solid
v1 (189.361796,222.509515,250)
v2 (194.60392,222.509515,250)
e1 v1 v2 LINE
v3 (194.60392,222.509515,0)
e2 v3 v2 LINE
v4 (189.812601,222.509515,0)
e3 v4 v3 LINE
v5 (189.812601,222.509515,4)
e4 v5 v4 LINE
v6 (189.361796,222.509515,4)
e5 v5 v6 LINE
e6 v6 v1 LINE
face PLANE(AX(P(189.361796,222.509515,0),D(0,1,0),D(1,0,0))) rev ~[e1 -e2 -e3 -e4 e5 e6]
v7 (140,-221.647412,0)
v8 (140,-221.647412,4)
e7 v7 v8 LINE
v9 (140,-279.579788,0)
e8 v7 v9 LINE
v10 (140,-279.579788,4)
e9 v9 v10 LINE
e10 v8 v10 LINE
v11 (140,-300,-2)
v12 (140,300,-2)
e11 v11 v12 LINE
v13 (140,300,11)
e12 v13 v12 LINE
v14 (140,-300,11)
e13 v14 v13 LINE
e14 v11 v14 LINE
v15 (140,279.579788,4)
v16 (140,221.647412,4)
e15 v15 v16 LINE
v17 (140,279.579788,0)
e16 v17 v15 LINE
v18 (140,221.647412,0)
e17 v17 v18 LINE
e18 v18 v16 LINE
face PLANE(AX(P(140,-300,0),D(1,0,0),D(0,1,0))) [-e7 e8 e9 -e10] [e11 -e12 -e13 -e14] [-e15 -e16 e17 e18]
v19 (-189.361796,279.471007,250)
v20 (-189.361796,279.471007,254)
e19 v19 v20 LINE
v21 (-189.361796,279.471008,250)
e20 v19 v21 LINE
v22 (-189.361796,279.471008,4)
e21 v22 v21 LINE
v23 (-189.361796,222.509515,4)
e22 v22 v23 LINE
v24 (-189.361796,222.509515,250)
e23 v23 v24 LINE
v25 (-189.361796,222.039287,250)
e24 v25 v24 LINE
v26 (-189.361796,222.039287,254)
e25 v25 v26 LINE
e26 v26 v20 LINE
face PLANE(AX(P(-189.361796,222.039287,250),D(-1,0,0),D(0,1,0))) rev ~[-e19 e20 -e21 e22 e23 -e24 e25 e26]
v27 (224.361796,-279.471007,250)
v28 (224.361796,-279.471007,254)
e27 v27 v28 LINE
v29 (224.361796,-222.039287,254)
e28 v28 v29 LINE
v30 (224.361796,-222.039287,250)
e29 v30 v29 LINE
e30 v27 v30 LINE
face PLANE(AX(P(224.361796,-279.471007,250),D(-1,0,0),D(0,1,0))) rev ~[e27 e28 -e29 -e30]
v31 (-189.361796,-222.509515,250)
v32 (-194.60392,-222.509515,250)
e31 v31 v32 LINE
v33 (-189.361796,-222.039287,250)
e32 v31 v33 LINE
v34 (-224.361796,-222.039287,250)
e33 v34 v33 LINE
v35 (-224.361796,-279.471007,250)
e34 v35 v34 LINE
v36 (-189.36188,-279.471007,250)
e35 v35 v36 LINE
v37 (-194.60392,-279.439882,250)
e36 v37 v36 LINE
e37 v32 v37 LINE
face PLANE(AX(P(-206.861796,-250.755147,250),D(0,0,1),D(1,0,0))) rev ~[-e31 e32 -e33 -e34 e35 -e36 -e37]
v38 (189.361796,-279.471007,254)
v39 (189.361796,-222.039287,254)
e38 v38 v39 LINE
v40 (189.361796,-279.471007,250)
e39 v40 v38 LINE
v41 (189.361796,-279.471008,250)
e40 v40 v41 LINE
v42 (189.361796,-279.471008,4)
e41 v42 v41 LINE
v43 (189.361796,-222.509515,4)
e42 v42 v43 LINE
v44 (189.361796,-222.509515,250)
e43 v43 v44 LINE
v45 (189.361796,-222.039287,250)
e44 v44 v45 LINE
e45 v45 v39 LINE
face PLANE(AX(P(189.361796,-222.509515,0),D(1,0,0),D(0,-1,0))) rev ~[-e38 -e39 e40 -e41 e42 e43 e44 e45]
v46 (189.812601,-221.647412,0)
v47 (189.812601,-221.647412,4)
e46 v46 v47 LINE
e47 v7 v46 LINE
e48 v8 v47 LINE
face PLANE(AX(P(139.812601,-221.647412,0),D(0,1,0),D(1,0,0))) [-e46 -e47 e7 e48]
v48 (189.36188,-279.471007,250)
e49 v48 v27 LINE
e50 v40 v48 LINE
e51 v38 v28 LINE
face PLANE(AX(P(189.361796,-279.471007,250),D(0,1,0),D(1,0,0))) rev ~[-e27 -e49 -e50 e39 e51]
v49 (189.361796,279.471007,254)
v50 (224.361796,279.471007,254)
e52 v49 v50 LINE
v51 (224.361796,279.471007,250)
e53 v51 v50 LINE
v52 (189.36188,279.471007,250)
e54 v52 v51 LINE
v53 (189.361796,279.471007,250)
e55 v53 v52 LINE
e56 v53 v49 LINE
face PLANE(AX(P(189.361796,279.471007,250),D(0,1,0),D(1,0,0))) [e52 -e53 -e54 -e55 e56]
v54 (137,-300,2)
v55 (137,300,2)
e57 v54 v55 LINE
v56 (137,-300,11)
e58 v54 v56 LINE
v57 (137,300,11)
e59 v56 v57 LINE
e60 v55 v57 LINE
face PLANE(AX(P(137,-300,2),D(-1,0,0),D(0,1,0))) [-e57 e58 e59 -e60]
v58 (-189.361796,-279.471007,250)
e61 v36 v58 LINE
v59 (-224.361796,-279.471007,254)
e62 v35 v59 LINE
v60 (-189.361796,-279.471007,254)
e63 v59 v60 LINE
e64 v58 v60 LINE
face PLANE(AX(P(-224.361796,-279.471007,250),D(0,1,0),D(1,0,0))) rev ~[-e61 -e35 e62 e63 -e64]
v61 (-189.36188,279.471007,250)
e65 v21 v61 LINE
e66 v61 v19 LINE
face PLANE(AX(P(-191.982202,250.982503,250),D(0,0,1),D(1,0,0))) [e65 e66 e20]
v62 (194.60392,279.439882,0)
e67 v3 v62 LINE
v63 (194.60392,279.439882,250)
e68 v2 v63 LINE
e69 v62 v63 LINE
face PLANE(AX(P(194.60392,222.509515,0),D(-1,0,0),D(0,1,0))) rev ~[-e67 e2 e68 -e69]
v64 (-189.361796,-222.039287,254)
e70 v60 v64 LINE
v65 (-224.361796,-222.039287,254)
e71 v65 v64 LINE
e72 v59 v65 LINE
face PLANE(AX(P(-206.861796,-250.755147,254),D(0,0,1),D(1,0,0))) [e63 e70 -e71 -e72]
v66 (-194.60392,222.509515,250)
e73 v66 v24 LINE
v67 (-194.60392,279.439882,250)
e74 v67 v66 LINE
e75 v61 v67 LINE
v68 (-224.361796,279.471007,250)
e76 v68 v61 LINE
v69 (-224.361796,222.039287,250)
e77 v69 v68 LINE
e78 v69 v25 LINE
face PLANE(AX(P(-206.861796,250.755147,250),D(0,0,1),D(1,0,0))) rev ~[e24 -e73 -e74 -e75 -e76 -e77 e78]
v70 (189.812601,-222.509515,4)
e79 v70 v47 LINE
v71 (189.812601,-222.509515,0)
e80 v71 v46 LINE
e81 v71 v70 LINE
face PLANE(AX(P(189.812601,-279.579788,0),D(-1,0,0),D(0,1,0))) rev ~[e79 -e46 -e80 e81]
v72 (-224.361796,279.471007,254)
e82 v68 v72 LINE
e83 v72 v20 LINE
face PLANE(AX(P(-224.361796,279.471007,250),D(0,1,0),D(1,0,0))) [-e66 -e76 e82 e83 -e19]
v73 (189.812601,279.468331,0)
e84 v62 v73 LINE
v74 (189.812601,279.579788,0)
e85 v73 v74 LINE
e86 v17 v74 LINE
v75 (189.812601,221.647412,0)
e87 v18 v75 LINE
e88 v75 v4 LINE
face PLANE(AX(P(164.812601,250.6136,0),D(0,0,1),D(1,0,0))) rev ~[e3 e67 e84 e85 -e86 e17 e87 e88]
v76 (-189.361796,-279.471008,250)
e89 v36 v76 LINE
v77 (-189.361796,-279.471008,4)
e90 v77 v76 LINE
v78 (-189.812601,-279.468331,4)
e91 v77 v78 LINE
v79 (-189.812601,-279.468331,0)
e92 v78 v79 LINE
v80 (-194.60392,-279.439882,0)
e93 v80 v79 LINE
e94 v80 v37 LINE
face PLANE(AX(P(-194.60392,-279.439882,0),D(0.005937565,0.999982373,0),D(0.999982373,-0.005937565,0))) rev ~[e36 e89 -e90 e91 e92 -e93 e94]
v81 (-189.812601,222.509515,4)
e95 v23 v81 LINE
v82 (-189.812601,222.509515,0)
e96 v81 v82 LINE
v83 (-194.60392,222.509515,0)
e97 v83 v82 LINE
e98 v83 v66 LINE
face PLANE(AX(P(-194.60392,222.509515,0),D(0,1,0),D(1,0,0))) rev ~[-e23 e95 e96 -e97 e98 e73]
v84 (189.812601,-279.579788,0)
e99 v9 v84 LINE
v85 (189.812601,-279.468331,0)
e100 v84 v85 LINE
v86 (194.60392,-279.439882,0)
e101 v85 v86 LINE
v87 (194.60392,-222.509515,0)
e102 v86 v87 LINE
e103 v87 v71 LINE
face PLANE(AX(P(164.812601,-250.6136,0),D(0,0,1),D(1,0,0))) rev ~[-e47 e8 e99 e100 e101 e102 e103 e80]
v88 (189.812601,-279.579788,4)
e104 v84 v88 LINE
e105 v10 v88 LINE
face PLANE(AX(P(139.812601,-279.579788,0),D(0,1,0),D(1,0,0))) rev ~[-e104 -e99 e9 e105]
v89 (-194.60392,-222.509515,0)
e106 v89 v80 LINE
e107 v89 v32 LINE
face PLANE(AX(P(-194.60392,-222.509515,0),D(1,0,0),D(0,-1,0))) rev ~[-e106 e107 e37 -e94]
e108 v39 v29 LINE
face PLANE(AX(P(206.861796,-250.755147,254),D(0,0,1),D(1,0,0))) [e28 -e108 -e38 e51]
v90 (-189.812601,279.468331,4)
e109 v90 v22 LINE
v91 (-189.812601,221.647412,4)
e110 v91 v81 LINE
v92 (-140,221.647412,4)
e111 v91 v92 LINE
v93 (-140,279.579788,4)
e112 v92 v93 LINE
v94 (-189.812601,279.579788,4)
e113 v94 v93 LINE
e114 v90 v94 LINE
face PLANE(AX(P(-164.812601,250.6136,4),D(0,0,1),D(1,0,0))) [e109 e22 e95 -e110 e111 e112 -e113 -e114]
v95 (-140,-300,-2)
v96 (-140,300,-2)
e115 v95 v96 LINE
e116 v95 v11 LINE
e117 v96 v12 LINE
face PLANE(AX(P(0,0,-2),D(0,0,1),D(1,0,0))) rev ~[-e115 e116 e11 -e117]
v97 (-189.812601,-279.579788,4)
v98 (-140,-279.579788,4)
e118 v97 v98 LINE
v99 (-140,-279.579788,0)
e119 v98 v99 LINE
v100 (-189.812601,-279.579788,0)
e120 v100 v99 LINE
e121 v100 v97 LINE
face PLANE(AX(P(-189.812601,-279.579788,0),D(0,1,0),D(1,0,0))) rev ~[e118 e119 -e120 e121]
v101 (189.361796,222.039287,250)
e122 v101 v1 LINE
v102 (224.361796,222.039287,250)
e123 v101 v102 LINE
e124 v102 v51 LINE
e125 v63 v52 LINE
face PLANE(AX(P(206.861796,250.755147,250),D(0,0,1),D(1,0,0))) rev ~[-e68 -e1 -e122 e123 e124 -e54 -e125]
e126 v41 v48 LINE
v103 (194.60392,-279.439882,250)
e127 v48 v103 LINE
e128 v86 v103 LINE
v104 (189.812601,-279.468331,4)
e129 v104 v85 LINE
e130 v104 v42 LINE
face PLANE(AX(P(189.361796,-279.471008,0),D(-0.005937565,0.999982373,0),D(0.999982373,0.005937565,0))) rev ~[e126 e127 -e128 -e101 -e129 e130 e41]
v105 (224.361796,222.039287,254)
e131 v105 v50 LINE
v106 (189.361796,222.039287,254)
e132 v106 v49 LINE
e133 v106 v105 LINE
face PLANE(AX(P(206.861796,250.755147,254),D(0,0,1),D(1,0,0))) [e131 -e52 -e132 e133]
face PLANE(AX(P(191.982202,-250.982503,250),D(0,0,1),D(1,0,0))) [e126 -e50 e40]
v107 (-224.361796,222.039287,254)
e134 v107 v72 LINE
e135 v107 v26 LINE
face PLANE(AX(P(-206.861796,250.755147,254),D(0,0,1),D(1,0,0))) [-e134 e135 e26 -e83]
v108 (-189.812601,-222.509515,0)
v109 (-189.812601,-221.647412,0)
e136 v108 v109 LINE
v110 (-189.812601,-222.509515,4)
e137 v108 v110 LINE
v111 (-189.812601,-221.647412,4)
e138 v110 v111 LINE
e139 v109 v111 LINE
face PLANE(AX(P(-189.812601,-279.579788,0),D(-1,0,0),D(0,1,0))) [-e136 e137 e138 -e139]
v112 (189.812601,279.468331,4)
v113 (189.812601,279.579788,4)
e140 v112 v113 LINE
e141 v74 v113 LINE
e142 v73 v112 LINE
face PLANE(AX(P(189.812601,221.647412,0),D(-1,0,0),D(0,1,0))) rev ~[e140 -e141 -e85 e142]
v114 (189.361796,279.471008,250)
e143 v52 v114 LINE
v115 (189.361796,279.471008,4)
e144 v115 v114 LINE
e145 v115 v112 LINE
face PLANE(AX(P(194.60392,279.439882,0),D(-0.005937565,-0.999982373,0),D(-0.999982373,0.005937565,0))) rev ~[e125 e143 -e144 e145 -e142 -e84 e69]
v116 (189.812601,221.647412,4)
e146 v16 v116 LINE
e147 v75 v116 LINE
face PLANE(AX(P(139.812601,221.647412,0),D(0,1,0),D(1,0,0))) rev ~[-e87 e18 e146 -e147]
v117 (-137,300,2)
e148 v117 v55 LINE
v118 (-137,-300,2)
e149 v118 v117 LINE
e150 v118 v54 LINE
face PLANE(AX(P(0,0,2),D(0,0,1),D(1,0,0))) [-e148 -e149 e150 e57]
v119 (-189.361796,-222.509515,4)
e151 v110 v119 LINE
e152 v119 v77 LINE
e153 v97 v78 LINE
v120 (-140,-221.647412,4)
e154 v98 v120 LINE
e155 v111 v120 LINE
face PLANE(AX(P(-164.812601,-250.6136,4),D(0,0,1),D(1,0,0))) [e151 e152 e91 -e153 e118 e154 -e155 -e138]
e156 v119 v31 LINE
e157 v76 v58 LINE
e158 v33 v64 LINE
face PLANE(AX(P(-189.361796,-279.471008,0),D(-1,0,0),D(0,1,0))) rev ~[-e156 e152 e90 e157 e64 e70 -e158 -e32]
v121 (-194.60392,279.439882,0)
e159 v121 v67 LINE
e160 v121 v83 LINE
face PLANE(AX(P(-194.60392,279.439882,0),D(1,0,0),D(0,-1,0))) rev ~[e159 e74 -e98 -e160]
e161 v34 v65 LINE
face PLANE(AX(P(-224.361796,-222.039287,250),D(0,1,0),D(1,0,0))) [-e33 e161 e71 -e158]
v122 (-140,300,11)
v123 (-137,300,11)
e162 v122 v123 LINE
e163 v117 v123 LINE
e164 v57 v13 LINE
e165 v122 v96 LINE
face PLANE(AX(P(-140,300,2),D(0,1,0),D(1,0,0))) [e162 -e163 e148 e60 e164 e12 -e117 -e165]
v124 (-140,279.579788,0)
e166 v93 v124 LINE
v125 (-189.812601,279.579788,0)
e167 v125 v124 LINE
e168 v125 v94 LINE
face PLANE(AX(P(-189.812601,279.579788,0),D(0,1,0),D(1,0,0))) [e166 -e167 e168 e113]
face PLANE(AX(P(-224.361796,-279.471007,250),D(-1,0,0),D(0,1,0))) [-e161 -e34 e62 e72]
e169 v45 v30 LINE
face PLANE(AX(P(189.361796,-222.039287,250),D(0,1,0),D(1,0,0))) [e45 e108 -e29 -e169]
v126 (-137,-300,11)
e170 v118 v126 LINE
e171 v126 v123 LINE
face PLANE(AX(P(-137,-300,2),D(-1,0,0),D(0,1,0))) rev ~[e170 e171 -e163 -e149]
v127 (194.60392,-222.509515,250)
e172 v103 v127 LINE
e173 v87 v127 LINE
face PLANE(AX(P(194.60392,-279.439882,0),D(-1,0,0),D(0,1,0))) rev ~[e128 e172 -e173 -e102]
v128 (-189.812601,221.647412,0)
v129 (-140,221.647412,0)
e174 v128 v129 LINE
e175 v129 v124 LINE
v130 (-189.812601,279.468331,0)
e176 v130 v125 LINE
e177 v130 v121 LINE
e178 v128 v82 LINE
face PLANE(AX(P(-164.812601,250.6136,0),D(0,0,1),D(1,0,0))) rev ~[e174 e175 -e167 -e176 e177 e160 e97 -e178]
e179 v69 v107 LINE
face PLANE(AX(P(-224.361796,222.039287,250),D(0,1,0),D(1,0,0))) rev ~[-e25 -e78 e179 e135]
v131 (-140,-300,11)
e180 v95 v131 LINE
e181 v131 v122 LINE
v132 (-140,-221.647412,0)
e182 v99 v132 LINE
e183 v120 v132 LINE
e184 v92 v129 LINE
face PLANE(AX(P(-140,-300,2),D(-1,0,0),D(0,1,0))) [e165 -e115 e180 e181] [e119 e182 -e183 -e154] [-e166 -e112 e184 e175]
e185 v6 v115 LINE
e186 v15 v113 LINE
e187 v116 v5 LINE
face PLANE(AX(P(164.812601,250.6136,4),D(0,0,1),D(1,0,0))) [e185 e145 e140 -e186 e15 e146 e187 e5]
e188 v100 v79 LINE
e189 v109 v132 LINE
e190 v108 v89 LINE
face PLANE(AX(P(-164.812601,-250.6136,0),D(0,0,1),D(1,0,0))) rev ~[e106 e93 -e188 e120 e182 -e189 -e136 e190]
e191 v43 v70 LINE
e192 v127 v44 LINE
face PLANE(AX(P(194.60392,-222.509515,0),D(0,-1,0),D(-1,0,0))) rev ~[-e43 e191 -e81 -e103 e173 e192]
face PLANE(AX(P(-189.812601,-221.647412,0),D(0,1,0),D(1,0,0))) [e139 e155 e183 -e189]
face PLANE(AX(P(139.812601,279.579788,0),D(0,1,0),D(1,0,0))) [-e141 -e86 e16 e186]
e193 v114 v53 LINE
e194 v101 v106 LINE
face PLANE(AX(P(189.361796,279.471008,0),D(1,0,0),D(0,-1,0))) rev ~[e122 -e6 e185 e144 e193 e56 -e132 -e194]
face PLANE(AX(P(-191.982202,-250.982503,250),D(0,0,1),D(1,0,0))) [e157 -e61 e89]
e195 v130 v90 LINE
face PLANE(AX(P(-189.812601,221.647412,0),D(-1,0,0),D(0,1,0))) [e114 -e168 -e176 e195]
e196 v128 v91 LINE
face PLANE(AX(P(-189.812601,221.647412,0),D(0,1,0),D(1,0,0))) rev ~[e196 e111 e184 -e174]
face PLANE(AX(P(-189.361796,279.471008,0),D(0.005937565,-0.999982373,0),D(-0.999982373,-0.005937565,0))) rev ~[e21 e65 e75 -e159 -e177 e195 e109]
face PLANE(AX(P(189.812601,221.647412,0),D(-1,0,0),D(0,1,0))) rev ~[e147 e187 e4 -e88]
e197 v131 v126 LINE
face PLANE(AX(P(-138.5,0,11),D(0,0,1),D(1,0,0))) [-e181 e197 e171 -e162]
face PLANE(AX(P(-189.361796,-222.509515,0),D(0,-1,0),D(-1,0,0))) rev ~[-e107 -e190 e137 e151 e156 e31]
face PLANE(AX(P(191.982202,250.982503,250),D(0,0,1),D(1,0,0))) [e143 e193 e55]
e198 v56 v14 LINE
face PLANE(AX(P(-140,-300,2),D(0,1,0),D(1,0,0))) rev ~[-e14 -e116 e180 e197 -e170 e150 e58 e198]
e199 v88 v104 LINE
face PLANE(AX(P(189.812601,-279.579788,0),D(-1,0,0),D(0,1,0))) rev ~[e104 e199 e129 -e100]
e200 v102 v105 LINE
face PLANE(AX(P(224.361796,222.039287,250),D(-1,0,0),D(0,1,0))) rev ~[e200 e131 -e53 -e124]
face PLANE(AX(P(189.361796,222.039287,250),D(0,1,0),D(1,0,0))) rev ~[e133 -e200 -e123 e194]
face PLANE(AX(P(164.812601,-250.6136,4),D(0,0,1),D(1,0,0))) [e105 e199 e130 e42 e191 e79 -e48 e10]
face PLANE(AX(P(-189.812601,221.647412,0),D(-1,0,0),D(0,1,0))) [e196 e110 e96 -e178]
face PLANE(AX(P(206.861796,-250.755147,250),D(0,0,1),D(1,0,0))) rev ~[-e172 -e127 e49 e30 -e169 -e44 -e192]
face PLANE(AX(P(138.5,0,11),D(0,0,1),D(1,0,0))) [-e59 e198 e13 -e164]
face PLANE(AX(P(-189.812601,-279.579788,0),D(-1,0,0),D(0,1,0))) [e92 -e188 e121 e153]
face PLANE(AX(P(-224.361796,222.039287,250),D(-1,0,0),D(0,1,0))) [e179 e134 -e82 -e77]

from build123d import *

# Parameters (mm, degrees)
F0_W     = 280
F0_H     = 600
F1_DEPTH = 2
F2_W     = 3
F2_H     = 600
F3_DEPTH = 9
F4_W     = 50
F4_H     = 57.932376
F5_DEPTH = 4
F7_DEPTH = 250
F8_W     = 35
F8_H     = 57.431721
F9_DEPTH = 4


with BuildPart() as f1:
    # F0 (on Top) → F1 (new body, symmetric)
    with BuildSketch(Plane.XY):
        Rectangle(F0_W, F0_H)
    extrude(amount=F1_DEPTH, both=True)

    # F2 (on face) → F3 (join)
    with BuildSketch(Plane.XY.offset(2)):
        with Locations((-138.5, 0)):
            Rectangle(F2_W, F2_H)
        with Locations((138.5, 0)):
            Rectangle(F2_W, F2_H)
    extrude(amount=F3_DEPTH)

    # F4 (on Top) → F5 (join)
    with BuildSketch(Plane.XY):
        with Locations((-164.812601, 250.6136)):
            Rectangle(F4_W, F4_H)
        with Locations((164.812601, 250.6136)):
            Rectangle(F4_W, F4_H)
        with Locations((-164.812601, -250.6136)):
            Rectangle(F4_W, F4_H)
        with Locations((164.812601, -250.6136)):
            Rectangle(F4_W, F4_H)
    extrude(amount=F5_DEPTH)

    # F6 (on Top) → F7 (join)
    with BuildSketch(Plane.XY):
        Polygon((-189.361796, 222.509515), (-189.361796, 279.471008), (-194.60392, 279.439882), (-194.60392, 222.509515), align=None)
        Polygon((194.60392, 222.509515), (194.60392, 279.439882), (189.361796, 279.471008), (189.361796, 222.509515), align=None)
        Polygon((194.60392, -222.509515), (189.361796, -222.509515), (189.361796, -279.471008), (194.60392, -279.439882), align=None)
        Polygon((-194.60392, -222.509515), (-194.60392, -279.439882), (-189.361796, -279.471008), (-189.361796, -222.509515), align=None)
    extrude(amount=F7_DEPTH)

    # F8 (on face) → F9 (join)
    with BuildSketch(Plane.XY.offset(250)):
        with Locations((-206.861796, 250.755147)):
            Rectangle(F8_W, F8_H)
        with Locations((206.861796, 250.755147)):
            Rectangle(F8_W, F8_H)
        with Locations((206.861796, -250.755147)):
            Rectangle(F8_W, F8_H)
        with Locations((-206.861796, -250.755147)):
            Rectangle(F8_W, F8_H)
    extrude(amount=F9_DEPTH)


solid = f1.part
